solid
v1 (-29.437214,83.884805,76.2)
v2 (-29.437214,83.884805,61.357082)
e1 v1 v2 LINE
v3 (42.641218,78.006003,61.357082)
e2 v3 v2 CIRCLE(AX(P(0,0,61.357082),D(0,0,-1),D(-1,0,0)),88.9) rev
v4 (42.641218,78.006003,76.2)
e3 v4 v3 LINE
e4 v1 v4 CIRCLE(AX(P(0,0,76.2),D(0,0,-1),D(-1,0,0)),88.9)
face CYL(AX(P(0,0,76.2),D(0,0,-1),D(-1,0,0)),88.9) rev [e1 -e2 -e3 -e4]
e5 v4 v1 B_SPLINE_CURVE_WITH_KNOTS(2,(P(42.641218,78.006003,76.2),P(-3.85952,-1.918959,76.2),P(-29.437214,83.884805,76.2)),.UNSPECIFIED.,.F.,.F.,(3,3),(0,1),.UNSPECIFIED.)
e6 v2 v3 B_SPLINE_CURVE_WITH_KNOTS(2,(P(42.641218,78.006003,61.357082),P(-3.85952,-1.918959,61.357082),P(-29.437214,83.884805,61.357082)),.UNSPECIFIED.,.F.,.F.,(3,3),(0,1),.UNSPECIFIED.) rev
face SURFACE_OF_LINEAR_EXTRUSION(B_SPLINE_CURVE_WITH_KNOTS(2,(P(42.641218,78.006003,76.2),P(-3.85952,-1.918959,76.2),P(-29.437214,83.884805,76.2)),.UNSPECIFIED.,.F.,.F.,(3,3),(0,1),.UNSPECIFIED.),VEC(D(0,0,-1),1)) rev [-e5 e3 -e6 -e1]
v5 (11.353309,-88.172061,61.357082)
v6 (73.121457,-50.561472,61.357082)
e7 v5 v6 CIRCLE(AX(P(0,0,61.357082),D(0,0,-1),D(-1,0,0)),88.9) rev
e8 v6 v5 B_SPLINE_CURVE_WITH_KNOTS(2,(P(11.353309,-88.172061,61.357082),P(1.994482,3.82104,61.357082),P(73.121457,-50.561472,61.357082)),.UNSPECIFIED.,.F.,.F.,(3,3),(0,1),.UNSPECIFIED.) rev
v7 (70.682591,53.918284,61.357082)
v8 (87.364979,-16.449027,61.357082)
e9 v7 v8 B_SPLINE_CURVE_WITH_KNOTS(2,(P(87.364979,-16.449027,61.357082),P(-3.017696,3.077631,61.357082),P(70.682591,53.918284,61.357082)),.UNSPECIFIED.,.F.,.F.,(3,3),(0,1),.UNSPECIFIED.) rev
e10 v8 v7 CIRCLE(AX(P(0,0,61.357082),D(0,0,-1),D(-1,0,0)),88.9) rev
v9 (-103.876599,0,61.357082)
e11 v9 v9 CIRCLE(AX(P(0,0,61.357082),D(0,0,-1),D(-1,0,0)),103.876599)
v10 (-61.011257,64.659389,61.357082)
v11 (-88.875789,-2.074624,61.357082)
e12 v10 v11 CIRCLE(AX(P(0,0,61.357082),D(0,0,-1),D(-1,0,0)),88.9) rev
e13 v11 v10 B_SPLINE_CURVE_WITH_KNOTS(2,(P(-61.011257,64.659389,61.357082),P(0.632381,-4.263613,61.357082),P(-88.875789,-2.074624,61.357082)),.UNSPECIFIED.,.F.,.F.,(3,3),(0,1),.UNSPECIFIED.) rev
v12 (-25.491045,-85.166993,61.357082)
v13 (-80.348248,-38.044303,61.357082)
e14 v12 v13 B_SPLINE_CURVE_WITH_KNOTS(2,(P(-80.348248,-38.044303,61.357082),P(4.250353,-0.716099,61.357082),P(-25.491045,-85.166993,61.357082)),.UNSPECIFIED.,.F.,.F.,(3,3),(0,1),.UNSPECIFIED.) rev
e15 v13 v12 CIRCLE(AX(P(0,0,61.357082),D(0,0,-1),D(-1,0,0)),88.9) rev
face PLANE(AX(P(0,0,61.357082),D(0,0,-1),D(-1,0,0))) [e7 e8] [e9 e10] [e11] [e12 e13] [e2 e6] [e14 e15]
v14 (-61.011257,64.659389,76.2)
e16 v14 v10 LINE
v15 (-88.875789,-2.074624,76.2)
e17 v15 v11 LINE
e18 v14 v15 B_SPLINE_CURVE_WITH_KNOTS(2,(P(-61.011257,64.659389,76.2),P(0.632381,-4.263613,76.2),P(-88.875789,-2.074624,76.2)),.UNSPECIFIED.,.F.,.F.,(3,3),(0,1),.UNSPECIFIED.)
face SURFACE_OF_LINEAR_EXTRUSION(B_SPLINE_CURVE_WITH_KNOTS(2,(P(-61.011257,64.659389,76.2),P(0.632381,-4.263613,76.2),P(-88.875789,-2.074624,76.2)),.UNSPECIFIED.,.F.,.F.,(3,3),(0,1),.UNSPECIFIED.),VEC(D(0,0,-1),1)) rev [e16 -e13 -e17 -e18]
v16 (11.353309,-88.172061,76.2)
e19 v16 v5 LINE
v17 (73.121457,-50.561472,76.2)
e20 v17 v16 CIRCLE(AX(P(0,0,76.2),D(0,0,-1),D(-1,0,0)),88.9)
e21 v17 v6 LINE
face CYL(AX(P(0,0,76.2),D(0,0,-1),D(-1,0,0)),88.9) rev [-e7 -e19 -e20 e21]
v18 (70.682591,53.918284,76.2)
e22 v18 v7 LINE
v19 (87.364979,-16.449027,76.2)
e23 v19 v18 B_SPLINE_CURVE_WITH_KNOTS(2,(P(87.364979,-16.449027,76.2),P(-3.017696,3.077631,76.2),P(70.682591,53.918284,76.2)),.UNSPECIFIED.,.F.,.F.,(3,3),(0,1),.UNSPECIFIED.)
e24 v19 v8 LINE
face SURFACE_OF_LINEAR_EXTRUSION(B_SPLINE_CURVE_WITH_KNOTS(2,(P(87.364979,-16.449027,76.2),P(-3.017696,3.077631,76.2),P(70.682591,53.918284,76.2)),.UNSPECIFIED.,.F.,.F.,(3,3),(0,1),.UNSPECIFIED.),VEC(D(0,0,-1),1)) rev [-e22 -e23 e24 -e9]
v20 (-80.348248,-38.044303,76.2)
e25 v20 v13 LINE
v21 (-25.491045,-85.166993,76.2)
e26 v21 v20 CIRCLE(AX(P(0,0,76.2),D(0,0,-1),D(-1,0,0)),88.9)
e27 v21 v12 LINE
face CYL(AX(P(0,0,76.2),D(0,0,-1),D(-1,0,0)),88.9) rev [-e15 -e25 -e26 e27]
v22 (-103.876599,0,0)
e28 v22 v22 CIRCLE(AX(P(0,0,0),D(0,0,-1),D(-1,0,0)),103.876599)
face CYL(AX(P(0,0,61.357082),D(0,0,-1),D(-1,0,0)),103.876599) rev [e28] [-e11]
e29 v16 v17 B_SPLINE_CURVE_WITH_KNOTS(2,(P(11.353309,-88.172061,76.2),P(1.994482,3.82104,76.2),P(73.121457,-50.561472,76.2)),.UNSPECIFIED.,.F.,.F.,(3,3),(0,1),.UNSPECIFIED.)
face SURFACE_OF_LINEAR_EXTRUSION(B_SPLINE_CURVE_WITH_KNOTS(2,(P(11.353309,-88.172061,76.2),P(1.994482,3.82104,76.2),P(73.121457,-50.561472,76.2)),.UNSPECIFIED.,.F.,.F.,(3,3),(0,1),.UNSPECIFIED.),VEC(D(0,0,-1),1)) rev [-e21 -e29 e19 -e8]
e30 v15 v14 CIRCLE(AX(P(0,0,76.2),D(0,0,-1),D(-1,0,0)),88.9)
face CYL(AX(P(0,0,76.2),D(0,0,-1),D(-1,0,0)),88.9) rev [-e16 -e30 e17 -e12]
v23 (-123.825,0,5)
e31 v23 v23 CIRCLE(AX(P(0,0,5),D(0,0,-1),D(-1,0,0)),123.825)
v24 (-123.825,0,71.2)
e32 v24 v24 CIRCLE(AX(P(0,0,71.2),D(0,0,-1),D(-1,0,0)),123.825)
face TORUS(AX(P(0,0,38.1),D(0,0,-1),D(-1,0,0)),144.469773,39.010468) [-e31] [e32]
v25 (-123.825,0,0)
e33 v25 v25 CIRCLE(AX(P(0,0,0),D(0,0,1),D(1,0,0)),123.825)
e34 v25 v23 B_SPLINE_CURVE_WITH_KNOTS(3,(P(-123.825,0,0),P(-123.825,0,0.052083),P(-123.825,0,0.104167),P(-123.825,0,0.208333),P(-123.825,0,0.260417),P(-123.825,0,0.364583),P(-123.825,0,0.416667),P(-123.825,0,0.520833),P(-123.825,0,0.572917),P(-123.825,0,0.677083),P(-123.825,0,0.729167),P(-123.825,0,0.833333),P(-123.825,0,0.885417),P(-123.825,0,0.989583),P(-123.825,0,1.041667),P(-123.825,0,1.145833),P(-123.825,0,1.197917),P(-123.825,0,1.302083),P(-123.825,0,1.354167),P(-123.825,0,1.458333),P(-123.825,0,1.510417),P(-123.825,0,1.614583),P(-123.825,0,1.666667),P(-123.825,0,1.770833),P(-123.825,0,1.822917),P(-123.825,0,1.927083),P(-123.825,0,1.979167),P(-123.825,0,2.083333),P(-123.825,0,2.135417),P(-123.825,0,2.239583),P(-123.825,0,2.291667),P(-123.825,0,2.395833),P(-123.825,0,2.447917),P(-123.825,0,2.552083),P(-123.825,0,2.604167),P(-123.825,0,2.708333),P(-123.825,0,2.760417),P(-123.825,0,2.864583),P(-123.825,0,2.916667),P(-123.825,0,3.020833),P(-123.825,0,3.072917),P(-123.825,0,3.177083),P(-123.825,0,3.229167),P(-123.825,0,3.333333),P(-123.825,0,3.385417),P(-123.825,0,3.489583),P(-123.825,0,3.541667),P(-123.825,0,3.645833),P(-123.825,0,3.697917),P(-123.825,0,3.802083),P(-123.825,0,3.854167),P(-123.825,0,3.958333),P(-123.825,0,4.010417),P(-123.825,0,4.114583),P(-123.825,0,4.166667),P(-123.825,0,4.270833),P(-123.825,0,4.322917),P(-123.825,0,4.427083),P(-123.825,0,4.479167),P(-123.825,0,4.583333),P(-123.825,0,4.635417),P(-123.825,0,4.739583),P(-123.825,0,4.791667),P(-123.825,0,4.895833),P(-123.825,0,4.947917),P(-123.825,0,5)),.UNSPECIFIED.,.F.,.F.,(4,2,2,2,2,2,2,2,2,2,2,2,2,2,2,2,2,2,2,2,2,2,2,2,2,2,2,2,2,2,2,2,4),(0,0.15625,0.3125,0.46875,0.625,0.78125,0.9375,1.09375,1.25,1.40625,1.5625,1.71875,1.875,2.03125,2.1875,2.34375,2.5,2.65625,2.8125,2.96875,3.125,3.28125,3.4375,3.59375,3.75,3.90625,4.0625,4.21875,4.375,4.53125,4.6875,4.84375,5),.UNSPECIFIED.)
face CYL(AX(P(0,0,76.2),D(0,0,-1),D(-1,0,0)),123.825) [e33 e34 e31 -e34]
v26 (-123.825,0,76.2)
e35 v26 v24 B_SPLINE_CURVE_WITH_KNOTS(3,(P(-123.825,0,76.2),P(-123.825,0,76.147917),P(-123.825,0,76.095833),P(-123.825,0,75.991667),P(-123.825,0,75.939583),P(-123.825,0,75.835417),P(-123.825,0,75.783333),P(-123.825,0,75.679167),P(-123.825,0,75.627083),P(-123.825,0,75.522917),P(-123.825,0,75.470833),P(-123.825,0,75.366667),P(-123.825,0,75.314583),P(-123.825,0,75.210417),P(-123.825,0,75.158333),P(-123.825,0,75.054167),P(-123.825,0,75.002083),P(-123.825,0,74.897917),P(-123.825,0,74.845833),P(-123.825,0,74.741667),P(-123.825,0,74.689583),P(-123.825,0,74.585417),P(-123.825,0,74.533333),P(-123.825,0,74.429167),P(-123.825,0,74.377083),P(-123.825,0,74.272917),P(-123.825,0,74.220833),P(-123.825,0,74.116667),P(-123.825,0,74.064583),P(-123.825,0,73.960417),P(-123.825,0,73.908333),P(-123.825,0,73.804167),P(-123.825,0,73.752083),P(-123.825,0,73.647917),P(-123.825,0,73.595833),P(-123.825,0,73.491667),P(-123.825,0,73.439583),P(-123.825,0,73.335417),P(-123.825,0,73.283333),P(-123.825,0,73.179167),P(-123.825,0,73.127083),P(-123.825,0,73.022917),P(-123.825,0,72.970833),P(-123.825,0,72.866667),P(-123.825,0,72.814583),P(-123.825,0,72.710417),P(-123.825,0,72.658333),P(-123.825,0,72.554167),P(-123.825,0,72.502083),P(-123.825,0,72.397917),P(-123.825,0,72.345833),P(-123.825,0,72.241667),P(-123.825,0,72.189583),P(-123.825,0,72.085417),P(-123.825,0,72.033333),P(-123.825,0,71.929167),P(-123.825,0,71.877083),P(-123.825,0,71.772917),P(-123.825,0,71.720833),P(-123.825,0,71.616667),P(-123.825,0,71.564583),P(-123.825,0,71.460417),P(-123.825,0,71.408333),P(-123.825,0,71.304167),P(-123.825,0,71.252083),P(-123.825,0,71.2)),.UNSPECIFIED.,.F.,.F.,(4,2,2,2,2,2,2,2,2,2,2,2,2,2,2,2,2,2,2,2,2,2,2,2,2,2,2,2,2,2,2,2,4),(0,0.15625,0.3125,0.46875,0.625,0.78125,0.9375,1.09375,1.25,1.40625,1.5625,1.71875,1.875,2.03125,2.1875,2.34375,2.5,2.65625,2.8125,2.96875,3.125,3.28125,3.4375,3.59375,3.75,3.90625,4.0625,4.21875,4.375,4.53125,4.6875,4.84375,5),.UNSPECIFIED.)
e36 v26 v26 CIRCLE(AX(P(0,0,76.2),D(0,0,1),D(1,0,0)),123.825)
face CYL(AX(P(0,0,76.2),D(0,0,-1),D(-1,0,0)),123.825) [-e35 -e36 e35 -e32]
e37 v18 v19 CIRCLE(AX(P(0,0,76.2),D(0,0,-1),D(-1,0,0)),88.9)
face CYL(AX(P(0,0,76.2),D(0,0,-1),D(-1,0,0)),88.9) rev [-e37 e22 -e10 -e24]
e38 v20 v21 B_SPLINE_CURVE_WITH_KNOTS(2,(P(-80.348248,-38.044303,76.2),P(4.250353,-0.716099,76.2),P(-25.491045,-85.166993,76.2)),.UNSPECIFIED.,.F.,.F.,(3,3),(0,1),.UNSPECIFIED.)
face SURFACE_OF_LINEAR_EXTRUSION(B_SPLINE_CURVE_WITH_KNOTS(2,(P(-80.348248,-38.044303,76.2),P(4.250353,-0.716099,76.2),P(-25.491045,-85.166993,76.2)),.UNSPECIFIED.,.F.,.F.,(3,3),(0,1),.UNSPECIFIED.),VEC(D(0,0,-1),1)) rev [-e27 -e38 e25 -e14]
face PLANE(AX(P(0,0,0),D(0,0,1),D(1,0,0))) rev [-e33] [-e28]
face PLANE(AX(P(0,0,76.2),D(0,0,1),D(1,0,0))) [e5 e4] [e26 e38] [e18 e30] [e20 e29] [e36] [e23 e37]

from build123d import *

# Parameters (mm, degrees)
SKETCH1_R      = 123.825
EXTRUDE1_DEPTH = 76.2
SKETCH4_W      = 17.455227324
SKETCH4_H      = 66.2
EXTRUDE7_DEPTH = 191.975656171
SKETCH8_R      = 103.876598788
EXTRUDE8_DEPTH = 61.357082


with BuildPart() as part:
    # Sketch1 → Extrude1 (new body)
    with BuildSketch(Plane.XY):
        with Locations(Location((0, 0, 0), (0, 0, 180))):
            Circle(SKETCH1_R)
    extrude(amount=EXTRUDE1_DEPTH)

    # Sketch4 → Cut-Revolve1 (revolve, cut)
    with BuildSketch(Plane(origin=(0, 0, 0), x_dir=(1, 0, 0), z_dir=(0, 1, 0)), mode=Mode.PRIVATE) as cut_revolve1_sk:
        with Locations((115.097386338, -38.1)):
            Rectangle(SKETCH4_W, SKETCH4_H)
    revolve(cut_revolve1_sk.sketch.rotate(Axis((0, 0, 0), (0, 0, 1)), 180), axis=Axis((0, 0, 0), (0, 0, 1)), mode=Mode.SUBTRACT)

    # Sketch2 → Extrude7 (cut, through all)
    with BuildSketch(Plane(origin=(0, 0, 0), x_dir=(-1, 0, 0), z_dir=(0, 0, -1))):
        with BuildLine():
            add(Edge.make_bspline(
                [(-87.364978695, -16.449027254), (-61.27965147, -10.813441939), (-48.861717362, -2.569537789)],
                knots=[0, 0, 0, 0.288609818, 0.288609818, 0.288609818], degree=2))
            Line((-48.861717362, -2.569537789), (-55.5625, 18.053350622))
            Line((-55.5625, 18.053350622), (-42.187847239, 27.77060465))
            add(Edge.make_bspline(
                [(-42.187847239, 27.77060465), (-49.93088885, 39.603142144), (-70.682590657, 53.918284265)],
                knots=[0.718431192, 0.718431192, 0.718431192, 1, 1, 1], degree=2))
            Line((-70.682590657, 53.918284265), (-86.502301571, 20.507604026))
            Line((-86.502301571, 20.507604026), (-87.364978695, -16.449027254))
        make_face()
        with BuildLine():
            Line((-86.502301571, 20.507604026), (-70.682590657, 53.918284265))
            ThreePointArc((-70.682590657, 53.918284265), (-80.348248112, 38.044303454), (-86.502301571, 20.507604026))
        make_face()
        with BuildLine():
            ThreePointArc((-86.502301571, 20.507604026), (-88.875789367, 2.074623896), (-87.364978695, -16.449027254))
            Line((-87.364978695, -16.449027254), (-86.502301571, 20.507604026))
        make_face()
        with BuildLine():
            add(Edge.make_bspline(
                [(-48.861717362, -2.569537789), (-38.943167303, 4.015098212), (-37.743952233, 12.263753494)],
                knots=[0.288609818, 0.288609818, 0.288609818, 0.519130523, 0.519130523, 0.519130523], degree=2))
            add(Edge.make_bspline(
                [(-37.743952233, 12.263753494), (-36.707150073, 19.395271291), (-42.187847239, 27.77060465)],
                knots=[0.519130523, 0.519130523, 0.519130523, 0.718431192, 0.718431192, 0.718431192], degree=2))
            Line((-42.187847239, 27.77060465), (-55.5625, 18.053350622))
            Line((-55.5625, 18.053350622), (-48.861717362, -2.569537789))
        make_face()
        with BuildLine():
            add(Edge.make_bspline(
                [(-11.353308573, -88.172061246), (-8.652259294, -61.621949174), (-12.655325381, -47.264285539)],
                knots=[0, 0, 0, 0.288609818, 0.288609818, 0.288609818], degree=2))
            Line((-12.655325381, -47.264285539), (-34.3395135, -47.264285539))
            Line((-34.3395135, -47.264285539), (-39.448176267, -31.541438244))
            add(Edge.make_bspline(
                [(-39.448176267, -31.541438244), (-53.094319601, -35.249053252), (-73.121457317, -50.561472287)],
                knots=[0.718431192, 0.718431192, 0.718431192, 1, 1, 1], degree=2))
            Line((-73.121457317, -50.561472287), (-46.234571681, -75.931379426))
            Line((-46.234571681, -75.931379426), (-11.353308573, -88.172061246))
        make_face()
        with BuildLine():
            add(Edge.make_bspline(
                [(-12.655325381, -47.264285539), (-15.852685829, -35.796419447), (-23.32704535, -32.106923477)],
                knots=[0.288609818, 0.288609818, 0.288609818, 0.519130523, 0.519130523, 0.519130523], degree=2))
            add(Edge.make_bspline(
                [(-23.32704535, -32.106923477), (-29.789132335, -28.917105832), (-39.448176267, -31.541438244)],
                knots=[0.519130523, 0.519130523, 0.519130523, 0.718431192, 0.718431192, 0.718431192], degree=2))
            Line((-39.448176267, -31.541438244), (-34.3395135, -47.264285539))
            Line((-34.3395135, -47.264285539), (-12.655325381, -47.264285539))
        make_face()
        with BuildLine():
            Line((-46.234571681, -75.931379426), (-73.121457317, -50.561472287))
            ThreePointArc((-73.121457317, -50.561472287), (-61.011256843, -64.659388633), (-46.234571681, -75.931379426))
        make_face()
        with BuildLine():
            ThreePointArc((-46.234571681, -75.931379426), (-29.437213878, -83.884804578), (-11.353308573, -88.172061246))
            Line((-11.353308573, -88.172061246), (-46.234571681, -75.931379426))
        make_face()
        with BuildLine():
            ThreePointArc((57.927764817, -67.435777324), (70.682590657, -53.918284265), (80.348248112, -38.044303454))
            Line((80.348248112, -38.044303454), (57.927764817, -67.435777324))
        make_face()
        with BuildLine():
            add(Edge.make_bspline(
                [(80.348248112, -38.044303454), (55.932261147, -27.271017104), (41.040296138, -26.641397128)],
                knots=[0, 0, 0, 0.288609818, 0.288609818, 0.288609818], degree=2))
            Line((41.040296138, -26.641397128), (34.3395135, -47.264285539))
            Line((34.3395135, -47.264285539), (17.807533512, -47.264285539))
            add(Edge.make_bspline(
                [(17.807533512, -47.264285539), (17.116794728, -61.388255125), (25.491044728, -85.16699266)],
                knots=[0.718431192, 0.718431192, 0.718431192, 1, 1, 1], degree=2))
            Line((25.491044728, -85.16699266), (57.927764817, -67.435777324))
            Line((57.927764817, -67.435777324), (80.348248112, -38.044303454))
        make_face()
        with BuildLine():
            add(Edge.make_bspline(
                [(41.040296138, -26.641397128), (29.145668647, -26.138502105), (23.32704535, -32.106923477)],
                knots=[0.288609818, 0.288609818, 0.288609818, 0.519130523, 0.519130523, 0.519130523], degree=2))
            add(Edge.make_bspline(
                [(23.32704535, -32.106923477), (18.296453795, -37.267025552), (17.807533512, -47.264285539)],
                knots=[0.519130523, 0.519130523, 0.519130523, 0.718431192, 0.718431192, 0.718431192], degree=2))
            Line((17.807533512, -47.264285539), (34.3395135, -47.264285539))
            Line((34.3395135, -47.264285539), (41.040296138, -26.641397128))
        make_face()
        with BuildLine():
            Line((57.927764817, -67.435777324), (25.491044728, -85.16699266))
            ThreePointArc((25.491044728, -85.16699266), (42.641217687, -78.006003322), (57.927764817, -67.435777324))
        make_face()
        with BuildLine():
            add(Edge.make_bspline(
                [(61.011256843, 64.659388633), (43.220297751, 44.767533696), (38.019623302, 30.798996606)],
                knots=[0, 0, 0, 0.288609818, 0.288609818, 0.288609818], degree=2))
            Line((38.019623302, 30.798996606), (55.5625, 18.053350622))
            Line((55.5625, 18.053350622), (50.453837233, 2.330503327))
            add(Edge.make_bspline(
                [(50.453837233, 2.330503327), (63.673080521, -2.690974925), (88.875789367, -2.074623896)],
                knots=[0.718431192, 0.718431192, 0.718431192, 1, 1, 1], degree=2))
            Line((88.875789367, -2.074623896), (82.03589923, 34.253776982))
            Line((82.03589923, 34.253776982), (61.011256843, 64.659388633))
        make_face()
        with BuildLine():
            add(Edge.make_bspline(
                [(38.019623302, 30.798996606), (33.865699678, 19.641936731), (37.743952233, 12.263753494)],
                knots=[0.288609818, 0.288609818, 0.288609818, 0.519130523, 0.519130523, 0.519130523], degree=2))
            add(Edge.make_bspline(
                [(37.743952233, 12.263753494), (41.096962653, 5.884817381), (50.453837233, 2.330503327)],
                knots=[0.519130523, 0.519130523, 0.519130523, 0.718431192, 0.718431192, 0.718431192], degree=2))
            Line((50.453837233, 2.330503327), (55.5625, 18.053350622))
            Line((55.5625, 18.053350622), (38.019623302, 30.798996606))
        make_face()
        with BuildLine():
            ThreePointArc((82.03589923, 34.253776982), (73.121457317, 50.561472287), (61.011256843, 64.659388633))
            Line((61.011256843, 64.659388633), (82.03589923, 34.253776982))
        make_face()
        with BuildLine():
            Line((82.03589923, 34.253776982), (88.875789367, -2.074623896))
            ThreePointArc((88.875789367, -2.074623896), (88.893947136, -1.037382579), (88.9, 0))
            ThreePointArc((88.9, 0), (87.167085077, 17.467377571), (82.03589923, 34.253776982))
        make_face()
        with BuildLine():
            add(Edge.make_bspline(
                [(-42.641217687, 78.006003322), (-29.220648133, 54.938874521), (-17.542876698, 45.67622385)],
                knots=[0, 0, 0, 0.288609818, 0.288609818, 0.288609818], degree=2))
            Line((-17.542876698, 45.67622385), (0, 58.421869834))
            Line((0, 58.421869834), (13.374652761, 48.704615806))
            add(Edge.make_bspline(
                [(13.374652761, 48.704615806), (22.235333203, 59.725141159), (29.437213878, 83.884804578)],
                knots=[0.718431192, 0.718431192, 0.718431192, 1, 1, 1], degree=2))
            Line((29.437213878, 83.884804578), (-7.226790795, 88.605775742))
            Line((-7.226790795, 88.605775742), (-42.641217687, 78.006003322))
        make_face()
        with BuildLine():
            ThreePointArc((-7.226790795, 88.605775742), (-25.491044728, 85.16699266), (-42.641217687, 78.006003322))
            Line((-42.641217687, 78.006003322), (-7.226790795, 88.605775742))
        make_face()
        with BuildLine():
            add(Edge.make_bspline(
                [(-17.542876698, 45.67622385), (-8.215515194, 38.27788661), (0, 39.686339966)],
                knots=[0.288609818, 0.288609818, 0.288609818, 0.519130523, 0.519130523, 0.519130523], degree=2))
            add(Edge.make_bspline(
                [(0, 39.686339966), (7.102865959, 40.904042711), (13.374652761, 48.704615806)],
                knots=[0.519130523, 0.519130523, 0.519130523, 0.718431192, 0.718431192, 0.718431192], degree=2))
            Line((13.374652761, 48.704615806), (0, 58.421869834))
            Line((0, 58.421869834), (-17.542876698, 45.67622385))
        make_face()
        with BuildLine():
            Line((-7.226790795, 88.605775742), (29.437213878, 83.884804578))
            ThreePointArc((29.437213878, 83.884804578), (11.353308573, 88.172061246), (-7.226790795, 88.605775742))
        make_face()
    extrude(amount=-EXTRUDE7_DEPTH, mode=Mode.SUBTRACT)

    # Sketch5 → Revolve1 (revolve)
    with BuildSketch(Plane(origin=(0, 0, 0), x_dir=(1, 0, 0), z_dir=(0, 1, 0))):
        with BuildLine():
            Line((-123.825, -71.2), (-106.369772676, -71.2))
            Line((-106.369772676, -71.2), (-106.369772676, -5))
            Line((-106.369772676, -5), (-123.825, -5))
            ThreePointArc((-123.825, -5), (-183.480240999, -38.1), (-123.825, -71.2))
        make_face()
    revolve(axis=Axis((0, 0, 0), (0, 0, 1)))

    # Sketch8 → Extrude8 (cut)
    with BuildSketch(Plane(origin=(0, 0, 0), x_dir=(-1, 0, 0), z_dir=(0, 0, -1))):
        Circle(SKETCH8_R)
    extrude(amount=-EXTRUDE8_DEPTH, mode=Mode.SUBTRACT)


solid = part.part
